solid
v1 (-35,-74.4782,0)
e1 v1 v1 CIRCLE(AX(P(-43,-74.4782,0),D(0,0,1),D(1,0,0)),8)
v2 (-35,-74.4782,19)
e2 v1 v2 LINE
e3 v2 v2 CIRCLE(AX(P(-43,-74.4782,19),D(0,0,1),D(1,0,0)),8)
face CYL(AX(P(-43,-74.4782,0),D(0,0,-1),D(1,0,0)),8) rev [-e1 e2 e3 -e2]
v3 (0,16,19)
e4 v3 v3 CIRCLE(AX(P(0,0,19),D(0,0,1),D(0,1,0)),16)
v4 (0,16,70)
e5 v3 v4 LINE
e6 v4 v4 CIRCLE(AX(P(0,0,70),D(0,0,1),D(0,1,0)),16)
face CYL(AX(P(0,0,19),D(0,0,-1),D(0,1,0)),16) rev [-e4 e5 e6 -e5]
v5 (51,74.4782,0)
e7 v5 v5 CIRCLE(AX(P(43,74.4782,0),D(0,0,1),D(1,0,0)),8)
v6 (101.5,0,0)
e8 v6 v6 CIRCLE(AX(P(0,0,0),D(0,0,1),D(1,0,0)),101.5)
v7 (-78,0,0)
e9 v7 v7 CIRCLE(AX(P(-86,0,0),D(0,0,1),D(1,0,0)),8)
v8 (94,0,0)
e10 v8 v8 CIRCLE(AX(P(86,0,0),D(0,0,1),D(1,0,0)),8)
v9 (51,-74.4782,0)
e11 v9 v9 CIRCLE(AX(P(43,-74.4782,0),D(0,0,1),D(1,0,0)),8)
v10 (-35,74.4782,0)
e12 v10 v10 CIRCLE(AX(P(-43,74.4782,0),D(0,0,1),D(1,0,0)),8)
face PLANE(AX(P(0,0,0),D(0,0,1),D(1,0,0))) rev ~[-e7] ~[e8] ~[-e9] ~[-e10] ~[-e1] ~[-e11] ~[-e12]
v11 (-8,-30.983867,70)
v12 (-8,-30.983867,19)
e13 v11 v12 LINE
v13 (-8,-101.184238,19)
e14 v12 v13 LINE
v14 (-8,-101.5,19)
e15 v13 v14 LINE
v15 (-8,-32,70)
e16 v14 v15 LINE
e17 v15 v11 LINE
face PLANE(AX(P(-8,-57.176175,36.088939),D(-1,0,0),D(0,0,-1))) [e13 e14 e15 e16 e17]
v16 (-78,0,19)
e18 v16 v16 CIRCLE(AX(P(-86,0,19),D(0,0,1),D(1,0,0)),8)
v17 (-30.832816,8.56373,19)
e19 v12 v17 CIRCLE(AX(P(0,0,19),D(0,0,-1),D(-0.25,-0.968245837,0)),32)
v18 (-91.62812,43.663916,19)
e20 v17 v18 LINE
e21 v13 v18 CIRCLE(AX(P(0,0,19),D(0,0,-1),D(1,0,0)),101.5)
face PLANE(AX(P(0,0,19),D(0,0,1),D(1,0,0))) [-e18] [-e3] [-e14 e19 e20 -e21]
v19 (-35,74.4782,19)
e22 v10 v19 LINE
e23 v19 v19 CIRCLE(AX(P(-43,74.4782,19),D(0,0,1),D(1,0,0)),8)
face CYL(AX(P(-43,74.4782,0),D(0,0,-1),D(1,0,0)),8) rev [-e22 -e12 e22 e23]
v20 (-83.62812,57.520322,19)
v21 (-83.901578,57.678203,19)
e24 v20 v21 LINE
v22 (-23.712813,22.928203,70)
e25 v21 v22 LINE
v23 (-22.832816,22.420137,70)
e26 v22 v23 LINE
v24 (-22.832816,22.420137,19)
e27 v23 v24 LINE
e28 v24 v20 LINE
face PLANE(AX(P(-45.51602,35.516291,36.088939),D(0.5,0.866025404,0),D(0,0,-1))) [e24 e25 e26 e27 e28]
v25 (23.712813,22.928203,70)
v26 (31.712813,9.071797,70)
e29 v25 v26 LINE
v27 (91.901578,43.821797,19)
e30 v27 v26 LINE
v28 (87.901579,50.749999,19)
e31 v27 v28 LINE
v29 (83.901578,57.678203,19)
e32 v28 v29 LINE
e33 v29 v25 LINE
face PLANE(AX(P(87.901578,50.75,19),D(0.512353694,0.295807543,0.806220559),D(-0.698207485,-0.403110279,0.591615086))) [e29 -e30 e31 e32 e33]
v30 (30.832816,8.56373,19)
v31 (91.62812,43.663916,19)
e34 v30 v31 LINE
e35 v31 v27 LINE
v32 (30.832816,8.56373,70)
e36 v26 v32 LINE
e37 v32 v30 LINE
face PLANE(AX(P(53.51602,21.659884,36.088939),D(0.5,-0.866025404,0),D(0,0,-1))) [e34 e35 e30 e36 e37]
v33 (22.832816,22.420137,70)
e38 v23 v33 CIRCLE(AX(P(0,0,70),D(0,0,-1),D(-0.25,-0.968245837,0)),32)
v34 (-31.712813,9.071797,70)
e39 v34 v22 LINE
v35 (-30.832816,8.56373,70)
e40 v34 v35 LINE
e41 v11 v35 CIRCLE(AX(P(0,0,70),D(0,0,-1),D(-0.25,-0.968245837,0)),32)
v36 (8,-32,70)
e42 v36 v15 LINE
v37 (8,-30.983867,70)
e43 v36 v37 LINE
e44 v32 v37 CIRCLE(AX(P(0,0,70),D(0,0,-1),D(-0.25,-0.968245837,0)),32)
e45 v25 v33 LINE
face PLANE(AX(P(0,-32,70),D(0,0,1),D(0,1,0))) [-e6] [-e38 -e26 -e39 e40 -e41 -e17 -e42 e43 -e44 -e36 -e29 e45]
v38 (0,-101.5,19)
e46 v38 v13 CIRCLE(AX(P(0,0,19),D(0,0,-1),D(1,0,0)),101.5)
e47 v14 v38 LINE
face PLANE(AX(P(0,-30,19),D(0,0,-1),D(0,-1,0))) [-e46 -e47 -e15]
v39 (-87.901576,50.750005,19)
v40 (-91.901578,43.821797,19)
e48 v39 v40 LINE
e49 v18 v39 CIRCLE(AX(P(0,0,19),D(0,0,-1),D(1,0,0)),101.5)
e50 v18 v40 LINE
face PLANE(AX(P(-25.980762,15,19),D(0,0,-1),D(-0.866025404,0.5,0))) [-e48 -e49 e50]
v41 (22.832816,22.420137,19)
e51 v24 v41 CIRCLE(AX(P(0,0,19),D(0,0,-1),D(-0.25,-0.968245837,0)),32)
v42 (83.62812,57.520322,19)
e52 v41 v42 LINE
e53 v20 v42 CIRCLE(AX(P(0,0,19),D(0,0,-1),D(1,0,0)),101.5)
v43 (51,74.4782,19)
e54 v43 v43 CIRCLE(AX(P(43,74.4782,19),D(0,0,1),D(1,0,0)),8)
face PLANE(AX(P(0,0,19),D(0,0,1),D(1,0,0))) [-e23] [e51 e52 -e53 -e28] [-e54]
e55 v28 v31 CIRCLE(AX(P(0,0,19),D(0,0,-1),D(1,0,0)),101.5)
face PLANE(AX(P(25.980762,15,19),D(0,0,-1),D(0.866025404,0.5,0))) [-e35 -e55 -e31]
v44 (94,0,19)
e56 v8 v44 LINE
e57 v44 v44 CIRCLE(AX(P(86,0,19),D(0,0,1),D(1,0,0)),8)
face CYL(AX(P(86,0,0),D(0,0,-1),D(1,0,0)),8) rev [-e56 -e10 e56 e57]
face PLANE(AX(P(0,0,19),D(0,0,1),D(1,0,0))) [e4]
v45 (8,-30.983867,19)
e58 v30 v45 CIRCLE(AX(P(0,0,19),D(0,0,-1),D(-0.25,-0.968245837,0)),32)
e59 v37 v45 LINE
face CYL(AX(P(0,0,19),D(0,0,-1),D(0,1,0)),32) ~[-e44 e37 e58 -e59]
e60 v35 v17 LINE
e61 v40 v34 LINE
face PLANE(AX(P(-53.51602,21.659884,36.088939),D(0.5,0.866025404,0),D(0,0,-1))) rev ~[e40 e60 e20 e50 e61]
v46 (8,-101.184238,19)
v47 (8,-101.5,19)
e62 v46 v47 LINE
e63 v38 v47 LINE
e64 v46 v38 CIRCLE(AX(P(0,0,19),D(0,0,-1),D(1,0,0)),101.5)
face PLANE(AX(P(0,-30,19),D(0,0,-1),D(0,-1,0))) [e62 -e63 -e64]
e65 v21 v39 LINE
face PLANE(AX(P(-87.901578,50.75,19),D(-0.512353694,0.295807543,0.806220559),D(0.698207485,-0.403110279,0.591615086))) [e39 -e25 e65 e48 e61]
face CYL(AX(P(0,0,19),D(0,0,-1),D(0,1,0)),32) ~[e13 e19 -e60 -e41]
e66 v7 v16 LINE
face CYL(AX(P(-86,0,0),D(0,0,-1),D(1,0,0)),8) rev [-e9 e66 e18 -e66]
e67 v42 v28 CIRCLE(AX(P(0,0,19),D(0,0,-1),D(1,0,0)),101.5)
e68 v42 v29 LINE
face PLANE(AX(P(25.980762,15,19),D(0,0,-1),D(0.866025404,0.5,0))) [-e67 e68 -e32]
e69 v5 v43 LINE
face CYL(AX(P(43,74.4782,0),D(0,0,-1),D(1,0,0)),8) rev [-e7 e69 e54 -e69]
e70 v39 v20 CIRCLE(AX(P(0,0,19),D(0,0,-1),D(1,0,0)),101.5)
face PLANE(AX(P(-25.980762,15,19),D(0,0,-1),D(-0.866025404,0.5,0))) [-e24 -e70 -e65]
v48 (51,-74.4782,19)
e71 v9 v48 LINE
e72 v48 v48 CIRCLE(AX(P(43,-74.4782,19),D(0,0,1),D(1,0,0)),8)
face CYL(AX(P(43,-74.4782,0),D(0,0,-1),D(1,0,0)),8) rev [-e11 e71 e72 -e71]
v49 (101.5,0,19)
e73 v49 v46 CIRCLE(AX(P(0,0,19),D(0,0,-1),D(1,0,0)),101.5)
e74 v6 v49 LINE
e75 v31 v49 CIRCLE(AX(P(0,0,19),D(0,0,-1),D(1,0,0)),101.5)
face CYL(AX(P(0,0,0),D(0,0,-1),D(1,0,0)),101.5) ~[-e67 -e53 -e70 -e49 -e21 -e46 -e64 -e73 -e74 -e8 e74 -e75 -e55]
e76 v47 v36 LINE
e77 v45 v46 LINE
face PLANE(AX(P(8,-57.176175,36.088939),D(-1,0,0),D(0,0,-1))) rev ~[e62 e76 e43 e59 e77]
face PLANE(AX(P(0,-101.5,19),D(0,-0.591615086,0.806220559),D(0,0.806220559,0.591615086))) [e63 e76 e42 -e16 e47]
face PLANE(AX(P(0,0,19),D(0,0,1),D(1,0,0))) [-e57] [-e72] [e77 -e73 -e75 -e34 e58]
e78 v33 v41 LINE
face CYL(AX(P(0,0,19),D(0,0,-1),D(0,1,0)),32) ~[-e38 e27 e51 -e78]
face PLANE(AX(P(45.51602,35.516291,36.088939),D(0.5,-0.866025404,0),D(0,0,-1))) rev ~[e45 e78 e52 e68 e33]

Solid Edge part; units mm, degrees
sketch "Sketch1" plane through (0, 0, 0) normal (0, 0, 1) x (1, 0, 0)
  circle A0 centre (-86, 0) radius 8
  circle A1 centre (-43, -74.4782) radius 8
  circle A2 centre (43, -74.4782) radius 8
  circle A3 centre (86, 0) radius 8
  circle A4 centre (43, 74.4782) radius 8
  circle A5 centre (-43, 74.4782) radius 8
  circle A6 centre (0, 0) radius 101.5
extrude "Protrusion1" add sketch "Sketch1" along normal blind 19
sketch "Sketch2" plane through (0, 0, 19) normal (0, 0, 1) x (0, 1, 0)
  circle A0 centre (0, 0) radius 32
  circle A1 centre (0, 0) radius 16
extrude "ExtrudedProtrusion_4" add sketch "Sketch2" along normal blind 51
sketch "Sketch3" plane through (0, 0, 0) normal (1, 0, 0) x (0, 1, 0)
  line L0 (-101.5, 19) -> (-32, 70)
  line L1 (-32, 70) -> (-30, 70)
  line L2 (-30, 70) -> (-30, 19)
  line L3 (-30, 19) -> (-101.5, 19)
extrude "ExtrudedCutout_5" cut sketch "Sketch3" along normal mid plane 16
sketch "Sketch4" plane through (0, 0, 0) normal (1, 0, 0) x (0, 1, 0)
  line L0 (-101.5, 19) -> (-32, 70)
  line L1 (-32, 70) -> (-30, 70)
  line L2 (-30, 70) -> (-30, 19)
  line L3 (-30, 19) -> (-101.5, 19)
extrude "ExtrudedProtrusion_9" add sketch "Sketch4" along normal mid plane 16
pattern_circular "Pattern1" count 3 over 360 about axis through (0, 0, 70) along (0, 0, 1) of "ExtrudedProtrusion_9"
